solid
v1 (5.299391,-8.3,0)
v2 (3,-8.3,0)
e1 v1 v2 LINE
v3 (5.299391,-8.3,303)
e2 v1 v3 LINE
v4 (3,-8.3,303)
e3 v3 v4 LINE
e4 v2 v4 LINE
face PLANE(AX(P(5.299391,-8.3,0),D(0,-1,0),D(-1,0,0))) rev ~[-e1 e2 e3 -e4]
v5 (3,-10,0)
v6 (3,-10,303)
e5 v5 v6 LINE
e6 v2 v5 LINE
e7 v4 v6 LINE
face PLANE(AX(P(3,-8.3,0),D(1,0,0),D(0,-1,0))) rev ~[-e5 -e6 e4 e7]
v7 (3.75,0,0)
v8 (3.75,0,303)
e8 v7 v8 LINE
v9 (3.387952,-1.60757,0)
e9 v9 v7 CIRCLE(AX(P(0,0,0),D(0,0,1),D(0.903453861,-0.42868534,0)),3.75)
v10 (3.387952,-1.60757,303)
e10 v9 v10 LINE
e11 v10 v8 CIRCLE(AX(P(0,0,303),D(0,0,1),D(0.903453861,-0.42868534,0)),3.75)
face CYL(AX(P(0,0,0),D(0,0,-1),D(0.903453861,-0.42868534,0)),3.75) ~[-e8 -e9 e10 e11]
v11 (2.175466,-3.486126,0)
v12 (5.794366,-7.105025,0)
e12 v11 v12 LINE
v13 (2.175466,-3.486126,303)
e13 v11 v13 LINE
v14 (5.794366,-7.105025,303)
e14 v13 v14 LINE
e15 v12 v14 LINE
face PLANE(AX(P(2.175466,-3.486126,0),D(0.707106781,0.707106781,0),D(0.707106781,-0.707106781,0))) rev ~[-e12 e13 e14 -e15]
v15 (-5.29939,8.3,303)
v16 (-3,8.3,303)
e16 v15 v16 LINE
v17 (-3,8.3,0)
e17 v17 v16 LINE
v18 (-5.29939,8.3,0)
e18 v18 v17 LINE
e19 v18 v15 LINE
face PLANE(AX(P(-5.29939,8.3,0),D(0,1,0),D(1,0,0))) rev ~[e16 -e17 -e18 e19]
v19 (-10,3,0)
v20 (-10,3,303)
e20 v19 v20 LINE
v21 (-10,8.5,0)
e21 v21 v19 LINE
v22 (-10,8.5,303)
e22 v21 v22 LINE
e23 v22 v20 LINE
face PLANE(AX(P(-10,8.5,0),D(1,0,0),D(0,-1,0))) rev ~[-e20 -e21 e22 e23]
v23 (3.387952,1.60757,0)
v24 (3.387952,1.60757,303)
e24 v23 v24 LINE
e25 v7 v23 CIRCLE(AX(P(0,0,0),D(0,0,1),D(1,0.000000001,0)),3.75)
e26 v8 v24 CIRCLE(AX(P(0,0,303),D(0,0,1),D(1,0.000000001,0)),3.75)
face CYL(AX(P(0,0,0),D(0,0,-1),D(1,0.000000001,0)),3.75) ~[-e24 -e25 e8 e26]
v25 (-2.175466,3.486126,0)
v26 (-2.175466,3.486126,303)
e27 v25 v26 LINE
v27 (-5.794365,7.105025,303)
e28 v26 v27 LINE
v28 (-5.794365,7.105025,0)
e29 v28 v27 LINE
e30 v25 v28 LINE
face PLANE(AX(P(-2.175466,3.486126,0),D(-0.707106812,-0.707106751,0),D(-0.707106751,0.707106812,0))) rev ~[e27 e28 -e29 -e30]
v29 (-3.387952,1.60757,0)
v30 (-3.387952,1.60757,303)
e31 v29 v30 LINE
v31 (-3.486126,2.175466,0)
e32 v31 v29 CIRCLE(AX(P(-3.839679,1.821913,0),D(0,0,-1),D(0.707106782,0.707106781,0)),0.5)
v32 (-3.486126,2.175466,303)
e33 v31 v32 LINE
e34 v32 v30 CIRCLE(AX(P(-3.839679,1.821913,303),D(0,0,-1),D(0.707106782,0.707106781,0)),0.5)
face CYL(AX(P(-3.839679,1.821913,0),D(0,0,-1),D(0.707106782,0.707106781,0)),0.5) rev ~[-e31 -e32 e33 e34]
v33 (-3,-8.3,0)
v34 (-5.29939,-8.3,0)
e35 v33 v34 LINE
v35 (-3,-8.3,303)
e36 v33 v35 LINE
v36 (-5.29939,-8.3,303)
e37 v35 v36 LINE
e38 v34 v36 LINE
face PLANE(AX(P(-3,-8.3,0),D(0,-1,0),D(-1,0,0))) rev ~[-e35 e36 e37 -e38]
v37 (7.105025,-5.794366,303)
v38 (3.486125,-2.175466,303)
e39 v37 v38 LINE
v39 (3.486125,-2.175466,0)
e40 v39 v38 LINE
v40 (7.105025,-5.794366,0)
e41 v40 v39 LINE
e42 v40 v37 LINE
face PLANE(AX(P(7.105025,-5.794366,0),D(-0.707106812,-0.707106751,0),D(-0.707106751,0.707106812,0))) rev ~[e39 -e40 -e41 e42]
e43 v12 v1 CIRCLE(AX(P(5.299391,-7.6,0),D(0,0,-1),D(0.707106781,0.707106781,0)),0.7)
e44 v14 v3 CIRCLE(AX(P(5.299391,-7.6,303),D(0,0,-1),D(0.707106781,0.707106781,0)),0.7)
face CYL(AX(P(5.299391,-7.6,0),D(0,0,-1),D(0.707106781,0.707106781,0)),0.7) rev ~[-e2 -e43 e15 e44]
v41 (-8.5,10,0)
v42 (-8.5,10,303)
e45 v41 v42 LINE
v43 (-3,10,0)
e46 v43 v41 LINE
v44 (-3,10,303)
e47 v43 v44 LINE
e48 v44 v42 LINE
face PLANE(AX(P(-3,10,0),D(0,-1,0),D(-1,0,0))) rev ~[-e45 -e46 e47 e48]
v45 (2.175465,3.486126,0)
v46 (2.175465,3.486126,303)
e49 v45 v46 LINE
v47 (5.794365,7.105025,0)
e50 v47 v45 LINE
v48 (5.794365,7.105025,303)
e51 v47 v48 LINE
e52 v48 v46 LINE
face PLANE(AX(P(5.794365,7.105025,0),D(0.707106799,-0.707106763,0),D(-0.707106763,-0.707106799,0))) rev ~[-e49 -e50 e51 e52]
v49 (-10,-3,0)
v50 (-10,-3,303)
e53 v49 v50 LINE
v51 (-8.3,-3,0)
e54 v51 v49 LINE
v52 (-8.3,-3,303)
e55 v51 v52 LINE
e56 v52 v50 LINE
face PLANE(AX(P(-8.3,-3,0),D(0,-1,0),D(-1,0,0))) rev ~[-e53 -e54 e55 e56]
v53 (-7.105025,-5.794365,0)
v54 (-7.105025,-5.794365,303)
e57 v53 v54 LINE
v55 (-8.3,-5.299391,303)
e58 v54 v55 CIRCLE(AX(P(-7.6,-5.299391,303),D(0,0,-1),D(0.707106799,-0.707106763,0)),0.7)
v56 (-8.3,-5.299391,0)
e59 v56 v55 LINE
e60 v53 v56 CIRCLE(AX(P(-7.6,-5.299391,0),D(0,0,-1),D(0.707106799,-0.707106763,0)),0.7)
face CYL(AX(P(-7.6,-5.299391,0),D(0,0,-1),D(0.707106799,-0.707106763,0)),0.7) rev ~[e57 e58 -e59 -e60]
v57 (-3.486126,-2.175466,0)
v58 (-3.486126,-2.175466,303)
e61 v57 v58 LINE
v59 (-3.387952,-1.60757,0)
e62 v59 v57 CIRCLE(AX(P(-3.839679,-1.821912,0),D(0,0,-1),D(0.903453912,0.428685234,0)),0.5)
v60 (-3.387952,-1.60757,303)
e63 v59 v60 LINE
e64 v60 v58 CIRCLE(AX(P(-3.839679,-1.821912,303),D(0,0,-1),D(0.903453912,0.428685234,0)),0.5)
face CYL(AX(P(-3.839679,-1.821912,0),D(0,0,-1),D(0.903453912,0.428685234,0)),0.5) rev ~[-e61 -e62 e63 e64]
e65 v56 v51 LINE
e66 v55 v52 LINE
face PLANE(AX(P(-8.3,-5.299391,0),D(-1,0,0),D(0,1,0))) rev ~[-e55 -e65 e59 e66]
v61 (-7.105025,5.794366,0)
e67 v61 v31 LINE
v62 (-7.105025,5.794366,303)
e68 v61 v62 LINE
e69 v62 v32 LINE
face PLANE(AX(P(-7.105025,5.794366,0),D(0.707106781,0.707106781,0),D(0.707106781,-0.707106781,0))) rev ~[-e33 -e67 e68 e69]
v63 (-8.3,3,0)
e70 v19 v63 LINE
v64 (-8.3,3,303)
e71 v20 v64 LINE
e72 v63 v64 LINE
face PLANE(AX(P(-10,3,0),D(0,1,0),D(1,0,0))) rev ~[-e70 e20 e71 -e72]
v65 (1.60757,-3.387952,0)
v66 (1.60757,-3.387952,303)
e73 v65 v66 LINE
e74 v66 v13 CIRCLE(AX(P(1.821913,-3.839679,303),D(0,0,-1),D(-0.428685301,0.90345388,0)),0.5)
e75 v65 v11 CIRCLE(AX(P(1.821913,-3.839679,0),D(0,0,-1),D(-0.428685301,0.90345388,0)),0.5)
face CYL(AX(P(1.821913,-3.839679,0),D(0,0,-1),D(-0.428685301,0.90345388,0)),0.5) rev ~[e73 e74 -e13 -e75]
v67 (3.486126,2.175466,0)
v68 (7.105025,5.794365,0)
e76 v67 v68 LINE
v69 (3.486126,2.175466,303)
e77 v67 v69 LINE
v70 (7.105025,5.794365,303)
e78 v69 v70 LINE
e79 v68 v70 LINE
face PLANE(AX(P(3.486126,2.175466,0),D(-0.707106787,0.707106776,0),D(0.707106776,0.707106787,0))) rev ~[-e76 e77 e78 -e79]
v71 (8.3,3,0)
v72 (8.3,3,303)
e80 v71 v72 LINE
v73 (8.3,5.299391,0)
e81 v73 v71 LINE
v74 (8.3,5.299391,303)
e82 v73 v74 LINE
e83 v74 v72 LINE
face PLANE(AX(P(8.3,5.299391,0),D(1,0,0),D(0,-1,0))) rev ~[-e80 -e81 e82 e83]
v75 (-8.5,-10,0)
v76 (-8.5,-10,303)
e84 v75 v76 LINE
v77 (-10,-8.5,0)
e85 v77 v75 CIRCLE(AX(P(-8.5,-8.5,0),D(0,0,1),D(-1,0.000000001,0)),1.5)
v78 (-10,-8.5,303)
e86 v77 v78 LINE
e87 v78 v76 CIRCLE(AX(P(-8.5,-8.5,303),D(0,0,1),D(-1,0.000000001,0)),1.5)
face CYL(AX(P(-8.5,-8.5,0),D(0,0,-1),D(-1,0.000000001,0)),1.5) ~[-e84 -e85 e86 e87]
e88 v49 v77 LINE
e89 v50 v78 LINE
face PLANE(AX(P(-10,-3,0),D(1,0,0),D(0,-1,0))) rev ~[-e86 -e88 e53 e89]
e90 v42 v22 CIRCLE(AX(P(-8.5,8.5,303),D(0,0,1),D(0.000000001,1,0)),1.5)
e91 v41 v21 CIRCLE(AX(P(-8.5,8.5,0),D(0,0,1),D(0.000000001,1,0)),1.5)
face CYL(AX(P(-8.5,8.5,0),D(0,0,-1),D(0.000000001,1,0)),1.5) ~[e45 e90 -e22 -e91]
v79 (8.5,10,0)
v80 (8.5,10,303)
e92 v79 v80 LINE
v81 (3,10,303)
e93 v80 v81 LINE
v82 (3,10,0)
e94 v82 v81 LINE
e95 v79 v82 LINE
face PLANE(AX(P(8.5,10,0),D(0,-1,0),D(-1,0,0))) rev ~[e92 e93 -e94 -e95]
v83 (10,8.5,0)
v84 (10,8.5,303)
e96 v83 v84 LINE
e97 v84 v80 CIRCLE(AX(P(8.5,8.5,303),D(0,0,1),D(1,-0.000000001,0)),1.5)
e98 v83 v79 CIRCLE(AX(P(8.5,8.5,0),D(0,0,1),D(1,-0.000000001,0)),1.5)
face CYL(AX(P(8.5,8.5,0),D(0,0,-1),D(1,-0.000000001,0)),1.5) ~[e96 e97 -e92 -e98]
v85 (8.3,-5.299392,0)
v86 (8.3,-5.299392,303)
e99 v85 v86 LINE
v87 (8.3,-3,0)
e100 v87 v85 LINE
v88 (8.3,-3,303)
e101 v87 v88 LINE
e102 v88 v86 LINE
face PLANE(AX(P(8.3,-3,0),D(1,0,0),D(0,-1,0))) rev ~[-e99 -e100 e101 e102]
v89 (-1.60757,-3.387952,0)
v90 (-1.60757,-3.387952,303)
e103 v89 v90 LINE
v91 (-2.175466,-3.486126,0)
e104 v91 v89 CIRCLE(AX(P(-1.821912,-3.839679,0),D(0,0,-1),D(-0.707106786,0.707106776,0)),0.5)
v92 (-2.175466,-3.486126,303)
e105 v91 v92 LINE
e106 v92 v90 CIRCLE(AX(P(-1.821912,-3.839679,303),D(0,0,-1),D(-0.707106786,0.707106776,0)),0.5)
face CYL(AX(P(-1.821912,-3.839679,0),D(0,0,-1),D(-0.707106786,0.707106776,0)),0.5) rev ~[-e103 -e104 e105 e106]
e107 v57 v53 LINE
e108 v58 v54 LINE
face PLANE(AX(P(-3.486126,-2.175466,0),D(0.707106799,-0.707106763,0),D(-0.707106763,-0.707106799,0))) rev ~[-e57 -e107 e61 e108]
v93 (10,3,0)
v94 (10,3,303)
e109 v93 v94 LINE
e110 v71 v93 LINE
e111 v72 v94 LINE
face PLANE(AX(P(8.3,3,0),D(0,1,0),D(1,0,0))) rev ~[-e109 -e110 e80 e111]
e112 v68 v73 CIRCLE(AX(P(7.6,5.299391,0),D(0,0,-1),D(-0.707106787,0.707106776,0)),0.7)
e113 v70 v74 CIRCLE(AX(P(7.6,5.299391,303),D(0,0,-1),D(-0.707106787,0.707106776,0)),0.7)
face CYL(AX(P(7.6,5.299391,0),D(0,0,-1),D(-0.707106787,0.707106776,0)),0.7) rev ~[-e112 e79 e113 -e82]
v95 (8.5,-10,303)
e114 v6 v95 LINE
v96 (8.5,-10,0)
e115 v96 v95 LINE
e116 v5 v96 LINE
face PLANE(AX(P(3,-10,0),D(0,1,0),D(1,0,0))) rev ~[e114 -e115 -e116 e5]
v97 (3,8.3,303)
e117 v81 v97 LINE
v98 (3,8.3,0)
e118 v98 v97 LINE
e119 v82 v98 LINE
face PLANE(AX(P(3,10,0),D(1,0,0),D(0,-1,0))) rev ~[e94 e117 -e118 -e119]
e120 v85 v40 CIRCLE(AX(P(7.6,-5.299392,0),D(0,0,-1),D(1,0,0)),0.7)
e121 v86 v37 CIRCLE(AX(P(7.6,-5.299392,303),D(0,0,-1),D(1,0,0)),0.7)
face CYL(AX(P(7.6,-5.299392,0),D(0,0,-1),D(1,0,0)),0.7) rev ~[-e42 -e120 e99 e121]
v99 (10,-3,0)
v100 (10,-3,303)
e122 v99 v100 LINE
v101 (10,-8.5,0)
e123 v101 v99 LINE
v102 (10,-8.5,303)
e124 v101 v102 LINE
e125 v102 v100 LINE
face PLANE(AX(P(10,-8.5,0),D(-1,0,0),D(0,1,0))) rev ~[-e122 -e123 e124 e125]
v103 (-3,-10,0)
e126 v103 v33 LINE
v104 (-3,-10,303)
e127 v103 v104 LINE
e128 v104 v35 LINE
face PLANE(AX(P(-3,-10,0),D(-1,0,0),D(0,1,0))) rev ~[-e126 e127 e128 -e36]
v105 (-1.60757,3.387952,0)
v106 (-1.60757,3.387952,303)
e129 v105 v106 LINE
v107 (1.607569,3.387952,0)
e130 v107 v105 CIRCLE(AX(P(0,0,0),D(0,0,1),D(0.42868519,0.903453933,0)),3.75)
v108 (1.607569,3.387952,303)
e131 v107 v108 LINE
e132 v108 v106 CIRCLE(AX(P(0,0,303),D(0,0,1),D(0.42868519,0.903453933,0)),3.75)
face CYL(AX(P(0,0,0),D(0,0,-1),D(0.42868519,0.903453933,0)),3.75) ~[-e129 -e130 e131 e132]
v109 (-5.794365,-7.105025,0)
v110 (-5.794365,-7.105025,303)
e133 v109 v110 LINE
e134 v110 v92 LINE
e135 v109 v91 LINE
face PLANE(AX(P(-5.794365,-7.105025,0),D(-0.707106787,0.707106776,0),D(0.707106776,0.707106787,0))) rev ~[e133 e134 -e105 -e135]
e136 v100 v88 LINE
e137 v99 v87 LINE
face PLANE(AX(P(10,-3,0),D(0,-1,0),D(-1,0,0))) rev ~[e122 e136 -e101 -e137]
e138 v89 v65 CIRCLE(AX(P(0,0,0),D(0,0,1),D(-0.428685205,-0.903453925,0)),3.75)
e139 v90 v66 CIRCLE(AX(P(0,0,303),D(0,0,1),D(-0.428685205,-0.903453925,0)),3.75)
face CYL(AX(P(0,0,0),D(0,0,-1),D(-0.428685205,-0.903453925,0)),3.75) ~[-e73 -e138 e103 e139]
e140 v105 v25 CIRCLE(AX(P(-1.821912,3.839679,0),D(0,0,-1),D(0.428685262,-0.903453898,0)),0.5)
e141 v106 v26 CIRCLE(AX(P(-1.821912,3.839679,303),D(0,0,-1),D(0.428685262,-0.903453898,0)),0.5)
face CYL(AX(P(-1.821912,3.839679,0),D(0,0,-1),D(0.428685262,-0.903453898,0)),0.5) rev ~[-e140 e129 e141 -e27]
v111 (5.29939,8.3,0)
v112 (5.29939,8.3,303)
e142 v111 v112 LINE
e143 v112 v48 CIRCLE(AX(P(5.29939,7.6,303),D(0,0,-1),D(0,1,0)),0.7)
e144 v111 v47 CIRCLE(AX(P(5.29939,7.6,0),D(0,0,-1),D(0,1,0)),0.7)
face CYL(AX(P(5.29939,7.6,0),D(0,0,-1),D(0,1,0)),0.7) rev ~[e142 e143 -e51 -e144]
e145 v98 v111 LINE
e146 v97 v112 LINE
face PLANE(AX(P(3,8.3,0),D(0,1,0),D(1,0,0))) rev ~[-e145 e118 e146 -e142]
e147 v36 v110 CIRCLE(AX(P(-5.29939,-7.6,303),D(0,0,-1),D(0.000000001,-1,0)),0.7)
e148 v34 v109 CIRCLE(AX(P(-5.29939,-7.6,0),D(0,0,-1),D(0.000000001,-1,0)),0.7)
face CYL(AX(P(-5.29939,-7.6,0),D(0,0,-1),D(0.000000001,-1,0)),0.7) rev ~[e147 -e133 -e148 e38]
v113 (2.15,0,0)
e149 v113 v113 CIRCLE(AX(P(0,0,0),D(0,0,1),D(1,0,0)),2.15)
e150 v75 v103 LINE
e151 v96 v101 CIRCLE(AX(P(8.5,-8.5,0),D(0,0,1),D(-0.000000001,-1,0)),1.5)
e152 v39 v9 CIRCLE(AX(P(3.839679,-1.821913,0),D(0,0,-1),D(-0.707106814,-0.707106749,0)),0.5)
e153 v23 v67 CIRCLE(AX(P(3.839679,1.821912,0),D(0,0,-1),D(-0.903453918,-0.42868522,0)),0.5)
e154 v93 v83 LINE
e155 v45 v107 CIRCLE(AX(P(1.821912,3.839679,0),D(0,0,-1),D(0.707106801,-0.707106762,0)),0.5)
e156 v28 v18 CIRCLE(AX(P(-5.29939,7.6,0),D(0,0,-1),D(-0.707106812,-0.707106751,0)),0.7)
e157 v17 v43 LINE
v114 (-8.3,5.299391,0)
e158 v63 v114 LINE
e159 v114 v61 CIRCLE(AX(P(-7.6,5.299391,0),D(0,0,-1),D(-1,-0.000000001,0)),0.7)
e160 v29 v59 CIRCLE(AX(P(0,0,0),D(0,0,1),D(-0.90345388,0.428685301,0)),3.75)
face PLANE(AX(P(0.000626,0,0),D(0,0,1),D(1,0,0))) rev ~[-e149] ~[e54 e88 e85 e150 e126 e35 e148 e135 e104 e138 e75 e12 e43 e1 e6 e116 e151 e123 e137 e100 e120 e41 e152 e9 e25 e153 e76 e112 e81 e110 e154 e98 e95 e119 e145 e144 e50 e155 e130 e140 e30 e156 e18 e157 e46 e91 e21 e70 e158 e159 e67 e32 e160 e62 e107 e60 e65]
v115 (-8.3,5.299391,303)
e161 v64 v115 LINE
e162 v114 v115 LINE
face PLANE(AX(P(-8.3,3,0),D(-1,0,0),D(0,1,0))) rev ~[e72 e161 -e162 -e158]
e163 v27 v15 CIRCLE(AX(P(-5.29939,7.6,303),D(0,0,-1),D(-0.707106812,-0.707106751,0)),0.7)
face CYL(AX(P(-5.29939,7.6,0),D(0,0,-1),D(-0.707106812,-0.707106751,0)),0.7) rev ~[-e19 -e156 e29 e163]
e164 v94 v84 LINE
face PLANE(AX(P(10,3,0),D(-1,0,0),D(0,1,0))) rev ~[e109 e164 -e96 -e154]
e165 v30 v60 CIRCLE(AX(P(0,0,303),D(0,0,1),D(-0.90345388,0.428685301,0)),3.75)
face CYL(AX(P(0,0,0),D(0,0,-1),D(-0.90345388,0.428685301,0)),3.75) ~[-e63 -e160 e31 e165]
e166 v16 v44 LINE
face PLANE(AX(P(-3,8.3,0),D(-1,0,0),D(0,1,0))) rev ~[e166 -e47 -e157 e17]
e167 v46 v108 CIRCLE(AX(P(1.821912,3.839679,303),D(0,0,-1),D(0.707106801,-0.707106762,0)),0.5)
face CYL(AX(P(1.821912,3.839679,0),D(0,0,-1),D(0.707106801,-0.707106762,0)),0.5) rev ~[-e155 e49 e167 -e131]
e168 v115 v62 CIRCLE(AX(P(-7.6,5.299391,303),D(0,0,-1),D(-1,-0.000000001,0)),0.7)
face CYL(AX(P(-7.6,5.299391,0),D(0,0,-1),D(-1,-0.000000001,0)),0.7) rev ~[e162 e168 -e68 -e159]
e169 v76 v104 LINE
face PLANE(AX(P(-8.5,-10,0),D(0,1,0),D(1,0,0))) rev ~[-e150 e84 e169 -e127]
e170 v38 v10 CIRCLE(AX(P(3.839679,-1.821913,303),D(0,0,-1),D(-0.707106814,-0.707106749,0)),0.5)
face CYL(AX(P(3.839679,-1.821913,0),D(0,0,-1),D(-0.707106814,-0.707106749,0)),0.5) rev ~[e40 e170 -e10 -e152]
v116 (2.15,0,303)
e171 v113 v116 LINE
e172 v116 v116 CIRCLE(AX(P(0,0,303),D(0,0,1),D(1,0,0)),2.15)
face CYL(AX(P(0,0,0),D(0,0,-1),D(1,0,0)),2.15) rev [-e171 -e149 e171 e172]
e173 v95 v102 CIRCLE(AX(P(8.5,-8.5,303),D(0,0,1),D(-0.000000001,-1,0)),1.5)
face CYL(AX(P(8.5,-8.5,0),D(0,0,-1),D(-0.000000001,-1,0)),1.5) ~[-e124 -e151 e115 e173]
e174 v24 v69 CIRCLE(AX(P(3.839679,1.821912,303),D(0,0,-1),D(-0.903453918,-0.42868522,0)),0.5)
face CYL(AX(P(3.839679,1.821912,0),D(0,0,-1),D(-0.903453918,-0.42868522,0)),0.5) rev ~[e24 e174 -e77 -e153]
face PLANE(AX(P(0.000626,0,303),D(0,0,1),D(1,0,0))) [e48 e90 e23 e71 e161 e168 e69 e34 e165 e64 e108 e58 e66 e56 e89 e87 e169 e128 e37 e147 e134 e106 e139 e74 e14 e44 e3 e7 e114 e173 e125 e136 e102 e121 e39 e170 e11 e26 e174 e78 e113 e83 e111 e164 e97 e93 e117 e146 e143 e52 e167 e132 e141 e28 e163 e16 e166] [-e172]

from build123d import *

# Parameters (mm, degrees)
ESQUISSE1_R        = 2.15
BOSS_EXTRU_1_DEPTH = 303


with BuildPart() as part:
    # Esquisse1 → Boss.-Extru.1 (new body)
    with BuildSketch(Plane.XY):
        with BuildLine():
            Line((-3, 10), (-8.5, 10))
            ThreePointArc((-8.5, 10), (-9.560660172, 9.560660172), (-10, 8.5))
            Line((-10, 8.5), (-10, 3))
            Line((-10, 3), (-8.300000103, 3))
            Line((-8.300000103, 3), (-8.300000103, 5.299391013))
            ThreePointArc((-8.300000103, 5.299391013), (-7.867878523, 5.946106661), (-7.105025403, 5.794365741))
            Line((-7.105025403, 5.794365741), (-3.486125569, 2.175465907))
            ThreePointArc((-3.486125569, 2.175465907), (-3.346986783, 1.907085393), (-3.38795202, 1.607569866))
            ThreePointArc((-3.38795202, 1.607569866), (-3.749999968, 1.37e-07), (-3.387952137, -1.607569618))
            ThreePointArc((-3.387952137, -1.607569618), (-3.346986918, -1.907085124), (-3.486125693, -2.175465617))
            Line((-3.486125693, -2.175465617), (-7.10502539, -5.794365497))
            ThreePointArc((-7.10502539, -5.794365497), (-7.867878514, -5.946106433), (-8.300000103, -5.299390782))
            Line((-8.300000103, -5.299390782), (-8.300000103, -3))
            Line((-8.300000103, -3), (-10, -3))
            Line((-10, -3), (-10, -8.5))
            ThreePointArc((-10, -8.5), (-9.560660172, -9.560660172), (-8.5, -10))
            Line((-8.5, -10), (-3, -10))
            Line((-3, -10), (-3, -8.29999992))
            Line((-3, -8.29999992), (-5.299390173, -8.29999992))
            ThreePointArc((-5.299390173, -8.29999992), (-5.94610582, -7.867878342), (-5.794364905, -7.105025224))
            Line((-5.794364905, -7.105025224), (-2.175465502, -3.486125765))
            ThreePointArc((-2.175465502, -3.486125765), (-1.907085014, -3.346986981), (-1.607569506, -3.38795219))
            ThreePointArc((-1.607569506, -3.38795219), (1.99e-07, -3.749999968), (1.607569866, -3.38795202))
            ThreePointArc((1.607569866, -3.38795202), (1.907085393, -3.346986783), (2.175465907, -3.486125569))
            Line((2.175465907, -3.486125569), (5.794365558, -7.10502522))
            ThreePointArc((5.794365558, -7.10502522), (5.946106478, -7.86787834), (5.29939083, -8.29999992))
            Line((5.29939083, -8.29999992), (3, -8.29999992))
            Line((3, -8.29999992), (3, -10))
            Line((3, -10), (8.499999896, -10))
            ThreePointArc((8.499999896, -10), (9.560660068, -9.560660172), (9.999999896, -8.5))
            Line((9.999999896, -8.5), (9.999999896, -3))
            Line((9.999999896, -3), (8.300000103, -3))
            Line((8.300000103, -3), (8.300000103, -5.299391569))
            ThreePointArc((8.300000103, -5.299391569), (7.867878509, -5.946107222), (7.105025381, -5.794366275))
            Line((7.105025381, -5.794366275), (3.486125475, -2.175466057))
            ThreePointArc((3.486125475, -2.175466057), (3.346986701, -1.907085538), (3.38795195, -1.607570012))
            ThreePointArc((3.38795195, -1.607570012), (3.658368452, -0.823917488), (3.749999968, 0))
            ThreePointArc((3.749999968, 0), (3.658368507, 0.823917244), (3.387952165, 1.607569559))
            ThreePointArc((3.387952165, 1.607569559), (3.346986951, 1.907085066), (3.486125731, 2.175465556))
            Line((3.486125731, 2.175465556), (7.105025399, 5.79436528))
            ThreePointArc((7.105025399, 5.79436528), (7.86787852, 5.946106205), (8.300000103, 5.299390557))
            Line((8.300000103, 5.299390557), (8.300000103, 3))
            Line((8.300000103, 3), (9.999999896, 3))
            Line((9.999999896, 3), (9.999999896, 8.5))
            ThreePointArc((9.999999896, 8.5), (9.560660068, 9.560660172), (8.499999896, 10))
            Line((8.499999896, 10), (3.499999896, 10))
            Line((3.499999896, 10), (3, 10))
            Line((3, 10), (3, 8.29999992))
            Line((3, 8.29999992), (5.299389948, 8.29999992))
            ThreePointArc((5.299389948, 8.29999992), (5.946105592, 7.867878348), (5.794364688, 7.105025232))
            Line((5.794364688, 7.105025232), (2.175465441, 3.486125803))
            ThreePointArc((2.175465441, 3.486125803), (1.907084956, 3.346987014), (1.607569447, 3.387952218))
            ThreePointArc((1.607569447, 3.387952218), (-1.51e-07, 3.749999968), (-1.60756972, 3.387952089))
            ThreePointArc((-1.60756972, 3.387952089), (-1.907085249, 3.346986865), (-2.175465757, 3.486125663))
            Line((-2.175465757, 3.486125663), (-5.794365024, 7.105025241))
            ThreePointArc((-5.794365024, 7.105025241), (-5.946105917, 7.867878353), (-5.299390275, 8.29999992))
            Line((-5.299390275, 8.29999992), (-3, 8.29999992))
            Line((-3, 8.29999992), (-3, 10))
        make_face()
        Circle(ESQUISSE1_R, mode=Mode.SUBTRACT)
    extrude(amount=BOSS_EXTRU_1_DEPTH)


solid = part.part
